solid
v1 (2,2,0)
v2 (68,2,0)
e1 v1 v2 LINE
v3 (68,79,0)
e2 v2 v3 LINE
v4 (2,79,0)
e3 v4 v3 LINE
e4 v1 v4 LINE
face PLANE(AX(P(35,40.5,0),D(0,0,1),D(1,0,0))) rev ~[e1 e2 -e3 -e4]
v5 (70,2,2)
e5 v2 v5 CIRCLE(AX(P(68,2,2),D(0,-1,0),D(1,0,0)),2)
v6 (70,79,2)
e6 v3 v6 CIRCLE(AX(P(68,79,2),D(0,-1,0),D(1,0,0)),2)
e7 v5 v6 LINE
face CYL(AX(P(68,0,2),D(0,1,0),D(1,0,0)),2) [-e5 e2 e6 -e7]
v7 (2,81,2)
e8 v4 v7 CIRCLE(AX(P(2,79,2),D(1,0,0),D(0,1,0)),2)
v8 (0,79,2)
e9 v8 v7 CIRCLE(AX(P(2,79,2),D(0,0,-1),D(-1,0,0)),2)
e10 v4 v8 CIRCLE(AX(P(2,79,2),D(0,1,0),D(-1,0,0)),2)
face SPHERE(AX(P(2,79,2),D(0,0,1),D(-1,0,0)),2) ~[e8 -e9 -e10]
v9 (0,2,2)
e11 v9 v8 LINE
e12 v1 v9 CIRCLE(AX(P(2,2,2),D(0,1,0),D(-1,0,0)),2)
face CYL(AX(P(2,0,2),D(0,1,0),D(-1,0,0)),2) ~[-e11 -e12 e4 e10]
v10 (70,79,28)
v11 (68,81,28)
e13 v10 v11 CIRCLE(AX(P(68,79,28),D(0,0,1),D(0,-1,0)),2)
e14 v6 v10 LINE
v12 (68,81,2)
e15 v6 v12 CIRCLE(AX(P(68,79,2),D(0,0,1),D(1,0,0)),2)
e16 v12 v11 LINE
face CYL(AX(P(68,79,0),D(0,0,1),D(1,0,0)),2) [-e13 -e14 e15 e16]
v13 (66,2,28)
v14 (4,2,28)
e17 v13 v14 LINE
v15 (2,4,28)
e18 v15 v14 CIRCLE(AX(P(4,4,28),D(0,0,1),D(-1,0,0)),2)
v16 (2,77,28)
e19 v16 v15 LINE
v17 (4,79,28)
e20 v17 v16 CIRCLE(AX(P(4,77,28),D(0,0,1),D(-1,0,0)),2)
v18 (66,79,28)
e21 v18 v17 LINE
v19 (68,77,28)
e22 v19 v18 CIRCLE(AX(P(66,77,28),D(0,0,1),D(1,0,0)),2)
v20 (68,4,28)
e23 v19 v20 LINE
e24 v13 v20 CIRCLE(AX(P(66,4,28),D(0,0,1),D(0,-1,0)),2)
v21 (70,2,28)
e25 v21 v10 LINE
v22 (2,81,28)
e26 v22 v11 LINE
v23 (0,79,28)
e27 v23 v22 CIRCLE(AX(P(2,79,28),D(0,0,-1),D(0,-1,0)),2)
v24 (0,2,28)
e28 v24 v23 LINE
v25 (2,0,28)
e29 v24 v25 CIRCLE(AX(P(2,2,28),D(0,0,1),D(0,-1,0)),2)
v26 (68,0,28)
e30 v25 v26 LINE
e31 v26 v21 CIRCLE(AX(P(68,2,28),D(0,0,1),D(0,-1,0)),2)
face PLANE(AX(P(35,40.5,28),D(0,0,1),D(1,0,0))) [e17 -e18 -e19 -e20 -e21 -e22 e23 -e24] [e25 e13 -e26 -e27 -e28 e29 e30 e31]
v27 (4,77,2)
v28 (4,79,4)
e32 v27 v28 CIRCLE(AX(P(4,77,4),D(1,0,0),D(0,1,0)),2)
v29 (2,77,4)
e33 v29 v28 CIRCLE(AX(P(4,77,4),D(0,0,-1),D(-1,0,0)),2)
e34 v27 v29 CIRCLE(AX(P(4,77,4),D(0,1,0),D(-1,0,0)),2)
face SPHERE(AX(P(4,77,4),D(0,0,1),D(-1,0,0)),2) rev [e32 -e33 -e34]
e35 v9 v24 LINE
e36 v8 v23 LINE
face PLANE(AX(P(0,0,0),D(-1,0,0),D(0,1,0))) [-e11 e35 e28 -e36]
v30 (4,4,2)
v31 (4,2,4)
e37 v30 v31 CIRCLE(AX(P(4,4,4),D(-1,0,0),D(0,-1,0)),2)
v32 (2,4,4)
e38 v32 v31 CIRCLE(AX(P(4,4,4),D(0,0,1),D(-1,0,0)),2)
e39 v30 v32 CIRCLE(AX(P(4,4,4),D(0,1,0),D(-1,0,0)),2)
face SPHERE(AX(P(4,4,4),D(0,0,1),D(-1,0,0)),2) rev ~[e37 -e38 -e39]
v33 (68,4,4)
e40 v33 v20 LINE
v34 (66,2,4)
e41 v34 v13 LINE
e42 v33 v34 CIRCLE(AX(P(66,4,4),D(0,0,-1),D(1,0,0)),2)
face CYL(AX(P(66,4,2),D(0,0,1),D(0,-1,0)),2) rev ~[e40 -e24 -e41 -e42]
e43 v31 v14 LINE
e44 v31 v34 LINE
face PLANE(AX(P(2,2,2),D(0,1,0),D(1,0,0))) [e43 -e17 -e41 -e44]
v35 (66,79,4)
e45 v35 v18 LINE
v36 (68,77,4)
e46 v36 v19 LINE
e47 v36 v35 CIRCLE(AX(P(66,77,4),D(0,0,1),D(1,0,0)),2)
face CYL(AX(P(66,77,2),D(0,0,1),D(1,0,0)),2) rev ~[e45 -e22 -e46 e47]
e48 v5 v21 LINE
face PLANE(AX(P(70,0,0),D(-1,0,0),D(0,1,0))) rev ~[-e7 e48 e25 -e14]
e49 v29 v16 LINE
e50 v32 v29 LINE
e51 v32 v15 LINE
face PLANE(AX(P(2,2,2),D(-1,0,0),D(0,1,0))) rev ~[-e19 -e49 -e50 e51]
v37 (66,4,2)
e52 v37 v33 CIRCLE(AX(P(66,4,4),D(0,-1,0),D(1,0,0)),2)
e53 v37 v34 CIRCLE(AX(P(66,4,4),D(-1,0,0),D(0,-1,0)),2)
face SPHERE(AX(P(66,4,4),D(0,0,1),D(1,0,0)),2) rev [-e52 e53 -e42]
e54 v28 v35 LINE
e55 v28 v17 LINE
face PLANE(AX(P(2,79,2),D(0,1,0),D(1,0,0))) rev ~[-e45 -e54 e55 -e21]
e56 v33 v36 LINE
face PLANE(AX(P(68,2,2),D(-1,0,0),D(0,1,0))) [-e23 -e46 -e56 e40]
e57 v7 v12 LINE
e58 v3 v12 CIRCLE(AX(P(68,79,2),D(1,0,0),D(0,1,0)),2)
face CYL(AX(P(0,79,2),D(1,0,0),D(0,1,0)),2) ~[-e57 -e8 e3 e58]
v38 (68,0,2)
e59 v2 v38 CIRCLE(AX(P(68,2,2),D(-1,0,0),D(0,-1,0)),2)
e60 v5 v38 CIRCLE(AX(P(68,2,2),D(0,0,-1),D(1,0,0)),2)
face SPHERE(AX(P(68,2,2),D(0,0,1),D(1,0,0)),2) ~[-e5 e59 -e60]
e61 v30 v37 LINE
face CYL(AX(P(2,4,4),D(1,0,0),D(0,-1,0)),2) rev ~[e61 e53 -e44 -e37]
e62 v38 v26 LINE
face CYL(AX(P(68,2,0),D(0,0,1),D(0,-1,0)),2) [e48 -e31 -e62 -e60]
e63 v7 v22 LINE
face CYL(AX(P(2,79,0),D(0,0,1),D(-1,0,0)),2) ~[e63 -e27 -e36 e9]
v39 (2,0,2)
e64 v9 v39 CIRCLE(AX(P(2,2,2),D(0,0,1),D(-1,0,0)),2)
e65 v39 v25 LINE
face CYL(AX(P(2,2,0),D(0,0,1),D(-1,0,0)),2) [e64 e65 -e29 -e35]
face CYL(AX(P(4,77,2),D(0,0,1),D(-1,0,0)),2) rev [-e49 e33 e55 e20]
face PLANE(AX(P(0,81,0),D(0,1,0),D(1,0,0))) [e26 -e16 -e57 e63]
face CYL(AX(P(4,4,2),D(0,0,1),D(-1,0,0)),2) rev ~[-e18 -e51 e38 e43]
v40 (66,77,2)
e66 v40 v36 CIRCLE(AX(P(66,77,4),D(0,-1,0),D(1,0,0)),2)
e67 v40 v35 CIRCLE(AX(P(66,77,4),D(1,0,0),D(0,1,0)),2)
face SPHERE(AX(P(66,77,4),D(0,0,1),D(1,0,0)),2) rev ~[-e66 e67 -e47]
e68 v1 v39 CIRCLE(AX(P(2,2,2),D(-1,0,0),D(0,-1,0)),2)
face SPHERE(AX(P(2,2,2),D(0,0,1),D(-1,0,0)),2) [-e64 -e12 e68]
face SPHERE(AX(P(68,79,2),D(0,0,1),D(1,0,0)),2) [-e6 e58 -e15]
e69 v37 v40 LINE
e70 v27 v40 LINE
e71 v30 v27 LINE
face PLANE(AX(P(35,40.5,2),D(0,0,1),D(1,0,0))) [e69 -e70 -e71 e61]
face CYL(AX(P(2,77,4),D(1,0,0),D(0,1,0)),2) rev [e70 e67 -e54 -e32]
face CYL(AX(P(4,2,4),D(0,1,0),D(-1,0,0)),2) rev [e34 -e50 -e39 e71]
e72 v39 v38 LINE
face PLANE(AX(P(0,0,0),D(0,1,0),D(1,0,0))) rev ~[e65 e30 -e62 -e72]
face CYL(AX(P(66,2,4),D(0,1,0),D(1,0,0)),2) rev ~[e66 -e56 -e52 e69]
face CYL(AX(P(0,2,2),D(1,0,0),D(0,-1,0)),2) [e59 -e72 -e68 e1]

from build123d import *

# Parameters (mm, degrees)
BOX003_W     = 66
BOX003_H     = 77
BOX003_DEPTH = 39
FILLET001_R  = 2
BOX002_W     = 70
BOX002_H     = 81
BOX002_DEPTH = 28
FILLET_R     = 2


with BuildPart() as bottomcut:
    # Box003 → Box003 (new body)
    with BuildSketch(Plane(origin=(2, 2, 2), x_dir=(1, 0, 0), z_dir=(0, 0, 1))):
        with Locations((33, 38.5)):
            Rectangle(BOX003_W, BOX003_H)
    extrude(amount=BOX003_DEPTH)

    # Fillet001
    fillet001_edges = [bottomcut.edges().sort_by_distance(p)[0] for p in [
        (2, 2, 21.5),
        (2, 79, 21.5),
        (2, 40.5, 2),
        (68, 2, 21.5),
        (68, 79, 21.5),
        (68, 40.5, 2),
        (35, 2, 2),
        (35, 79, 2),
    ]]
    fillet(fillet001_edges, radius=FILLET001_R)


with BuildPart() as bottom003:
    # Box002 → Box002 (new body)
    with BuildSketch(Plane.XY):
        with Locations((35, 40.5)):
            Rectangle(BOX002_W, BOX002_H)
    extrude(amount=BOX002_DEPTH)

    # Fillet
    fillet_edges = [bottom003.edges().sort_by_distance(p)[0] for p in [
        (0, 0, 14),
        (0, 81, 14),
        (0, 40.5, 0),
        (70, 0, 14),
        (70, 81, 14),
        (70, 40.5, 0),
        (35, 0, 0),
        (35, 81, 0),
    ]]
    fillet(fillet_edges, radius=FILLET_R)

    # Cut: cut bottomCut
    add(bottomcut.part, mode=Mode.SUBTRACT)


solid = bottom003.part
